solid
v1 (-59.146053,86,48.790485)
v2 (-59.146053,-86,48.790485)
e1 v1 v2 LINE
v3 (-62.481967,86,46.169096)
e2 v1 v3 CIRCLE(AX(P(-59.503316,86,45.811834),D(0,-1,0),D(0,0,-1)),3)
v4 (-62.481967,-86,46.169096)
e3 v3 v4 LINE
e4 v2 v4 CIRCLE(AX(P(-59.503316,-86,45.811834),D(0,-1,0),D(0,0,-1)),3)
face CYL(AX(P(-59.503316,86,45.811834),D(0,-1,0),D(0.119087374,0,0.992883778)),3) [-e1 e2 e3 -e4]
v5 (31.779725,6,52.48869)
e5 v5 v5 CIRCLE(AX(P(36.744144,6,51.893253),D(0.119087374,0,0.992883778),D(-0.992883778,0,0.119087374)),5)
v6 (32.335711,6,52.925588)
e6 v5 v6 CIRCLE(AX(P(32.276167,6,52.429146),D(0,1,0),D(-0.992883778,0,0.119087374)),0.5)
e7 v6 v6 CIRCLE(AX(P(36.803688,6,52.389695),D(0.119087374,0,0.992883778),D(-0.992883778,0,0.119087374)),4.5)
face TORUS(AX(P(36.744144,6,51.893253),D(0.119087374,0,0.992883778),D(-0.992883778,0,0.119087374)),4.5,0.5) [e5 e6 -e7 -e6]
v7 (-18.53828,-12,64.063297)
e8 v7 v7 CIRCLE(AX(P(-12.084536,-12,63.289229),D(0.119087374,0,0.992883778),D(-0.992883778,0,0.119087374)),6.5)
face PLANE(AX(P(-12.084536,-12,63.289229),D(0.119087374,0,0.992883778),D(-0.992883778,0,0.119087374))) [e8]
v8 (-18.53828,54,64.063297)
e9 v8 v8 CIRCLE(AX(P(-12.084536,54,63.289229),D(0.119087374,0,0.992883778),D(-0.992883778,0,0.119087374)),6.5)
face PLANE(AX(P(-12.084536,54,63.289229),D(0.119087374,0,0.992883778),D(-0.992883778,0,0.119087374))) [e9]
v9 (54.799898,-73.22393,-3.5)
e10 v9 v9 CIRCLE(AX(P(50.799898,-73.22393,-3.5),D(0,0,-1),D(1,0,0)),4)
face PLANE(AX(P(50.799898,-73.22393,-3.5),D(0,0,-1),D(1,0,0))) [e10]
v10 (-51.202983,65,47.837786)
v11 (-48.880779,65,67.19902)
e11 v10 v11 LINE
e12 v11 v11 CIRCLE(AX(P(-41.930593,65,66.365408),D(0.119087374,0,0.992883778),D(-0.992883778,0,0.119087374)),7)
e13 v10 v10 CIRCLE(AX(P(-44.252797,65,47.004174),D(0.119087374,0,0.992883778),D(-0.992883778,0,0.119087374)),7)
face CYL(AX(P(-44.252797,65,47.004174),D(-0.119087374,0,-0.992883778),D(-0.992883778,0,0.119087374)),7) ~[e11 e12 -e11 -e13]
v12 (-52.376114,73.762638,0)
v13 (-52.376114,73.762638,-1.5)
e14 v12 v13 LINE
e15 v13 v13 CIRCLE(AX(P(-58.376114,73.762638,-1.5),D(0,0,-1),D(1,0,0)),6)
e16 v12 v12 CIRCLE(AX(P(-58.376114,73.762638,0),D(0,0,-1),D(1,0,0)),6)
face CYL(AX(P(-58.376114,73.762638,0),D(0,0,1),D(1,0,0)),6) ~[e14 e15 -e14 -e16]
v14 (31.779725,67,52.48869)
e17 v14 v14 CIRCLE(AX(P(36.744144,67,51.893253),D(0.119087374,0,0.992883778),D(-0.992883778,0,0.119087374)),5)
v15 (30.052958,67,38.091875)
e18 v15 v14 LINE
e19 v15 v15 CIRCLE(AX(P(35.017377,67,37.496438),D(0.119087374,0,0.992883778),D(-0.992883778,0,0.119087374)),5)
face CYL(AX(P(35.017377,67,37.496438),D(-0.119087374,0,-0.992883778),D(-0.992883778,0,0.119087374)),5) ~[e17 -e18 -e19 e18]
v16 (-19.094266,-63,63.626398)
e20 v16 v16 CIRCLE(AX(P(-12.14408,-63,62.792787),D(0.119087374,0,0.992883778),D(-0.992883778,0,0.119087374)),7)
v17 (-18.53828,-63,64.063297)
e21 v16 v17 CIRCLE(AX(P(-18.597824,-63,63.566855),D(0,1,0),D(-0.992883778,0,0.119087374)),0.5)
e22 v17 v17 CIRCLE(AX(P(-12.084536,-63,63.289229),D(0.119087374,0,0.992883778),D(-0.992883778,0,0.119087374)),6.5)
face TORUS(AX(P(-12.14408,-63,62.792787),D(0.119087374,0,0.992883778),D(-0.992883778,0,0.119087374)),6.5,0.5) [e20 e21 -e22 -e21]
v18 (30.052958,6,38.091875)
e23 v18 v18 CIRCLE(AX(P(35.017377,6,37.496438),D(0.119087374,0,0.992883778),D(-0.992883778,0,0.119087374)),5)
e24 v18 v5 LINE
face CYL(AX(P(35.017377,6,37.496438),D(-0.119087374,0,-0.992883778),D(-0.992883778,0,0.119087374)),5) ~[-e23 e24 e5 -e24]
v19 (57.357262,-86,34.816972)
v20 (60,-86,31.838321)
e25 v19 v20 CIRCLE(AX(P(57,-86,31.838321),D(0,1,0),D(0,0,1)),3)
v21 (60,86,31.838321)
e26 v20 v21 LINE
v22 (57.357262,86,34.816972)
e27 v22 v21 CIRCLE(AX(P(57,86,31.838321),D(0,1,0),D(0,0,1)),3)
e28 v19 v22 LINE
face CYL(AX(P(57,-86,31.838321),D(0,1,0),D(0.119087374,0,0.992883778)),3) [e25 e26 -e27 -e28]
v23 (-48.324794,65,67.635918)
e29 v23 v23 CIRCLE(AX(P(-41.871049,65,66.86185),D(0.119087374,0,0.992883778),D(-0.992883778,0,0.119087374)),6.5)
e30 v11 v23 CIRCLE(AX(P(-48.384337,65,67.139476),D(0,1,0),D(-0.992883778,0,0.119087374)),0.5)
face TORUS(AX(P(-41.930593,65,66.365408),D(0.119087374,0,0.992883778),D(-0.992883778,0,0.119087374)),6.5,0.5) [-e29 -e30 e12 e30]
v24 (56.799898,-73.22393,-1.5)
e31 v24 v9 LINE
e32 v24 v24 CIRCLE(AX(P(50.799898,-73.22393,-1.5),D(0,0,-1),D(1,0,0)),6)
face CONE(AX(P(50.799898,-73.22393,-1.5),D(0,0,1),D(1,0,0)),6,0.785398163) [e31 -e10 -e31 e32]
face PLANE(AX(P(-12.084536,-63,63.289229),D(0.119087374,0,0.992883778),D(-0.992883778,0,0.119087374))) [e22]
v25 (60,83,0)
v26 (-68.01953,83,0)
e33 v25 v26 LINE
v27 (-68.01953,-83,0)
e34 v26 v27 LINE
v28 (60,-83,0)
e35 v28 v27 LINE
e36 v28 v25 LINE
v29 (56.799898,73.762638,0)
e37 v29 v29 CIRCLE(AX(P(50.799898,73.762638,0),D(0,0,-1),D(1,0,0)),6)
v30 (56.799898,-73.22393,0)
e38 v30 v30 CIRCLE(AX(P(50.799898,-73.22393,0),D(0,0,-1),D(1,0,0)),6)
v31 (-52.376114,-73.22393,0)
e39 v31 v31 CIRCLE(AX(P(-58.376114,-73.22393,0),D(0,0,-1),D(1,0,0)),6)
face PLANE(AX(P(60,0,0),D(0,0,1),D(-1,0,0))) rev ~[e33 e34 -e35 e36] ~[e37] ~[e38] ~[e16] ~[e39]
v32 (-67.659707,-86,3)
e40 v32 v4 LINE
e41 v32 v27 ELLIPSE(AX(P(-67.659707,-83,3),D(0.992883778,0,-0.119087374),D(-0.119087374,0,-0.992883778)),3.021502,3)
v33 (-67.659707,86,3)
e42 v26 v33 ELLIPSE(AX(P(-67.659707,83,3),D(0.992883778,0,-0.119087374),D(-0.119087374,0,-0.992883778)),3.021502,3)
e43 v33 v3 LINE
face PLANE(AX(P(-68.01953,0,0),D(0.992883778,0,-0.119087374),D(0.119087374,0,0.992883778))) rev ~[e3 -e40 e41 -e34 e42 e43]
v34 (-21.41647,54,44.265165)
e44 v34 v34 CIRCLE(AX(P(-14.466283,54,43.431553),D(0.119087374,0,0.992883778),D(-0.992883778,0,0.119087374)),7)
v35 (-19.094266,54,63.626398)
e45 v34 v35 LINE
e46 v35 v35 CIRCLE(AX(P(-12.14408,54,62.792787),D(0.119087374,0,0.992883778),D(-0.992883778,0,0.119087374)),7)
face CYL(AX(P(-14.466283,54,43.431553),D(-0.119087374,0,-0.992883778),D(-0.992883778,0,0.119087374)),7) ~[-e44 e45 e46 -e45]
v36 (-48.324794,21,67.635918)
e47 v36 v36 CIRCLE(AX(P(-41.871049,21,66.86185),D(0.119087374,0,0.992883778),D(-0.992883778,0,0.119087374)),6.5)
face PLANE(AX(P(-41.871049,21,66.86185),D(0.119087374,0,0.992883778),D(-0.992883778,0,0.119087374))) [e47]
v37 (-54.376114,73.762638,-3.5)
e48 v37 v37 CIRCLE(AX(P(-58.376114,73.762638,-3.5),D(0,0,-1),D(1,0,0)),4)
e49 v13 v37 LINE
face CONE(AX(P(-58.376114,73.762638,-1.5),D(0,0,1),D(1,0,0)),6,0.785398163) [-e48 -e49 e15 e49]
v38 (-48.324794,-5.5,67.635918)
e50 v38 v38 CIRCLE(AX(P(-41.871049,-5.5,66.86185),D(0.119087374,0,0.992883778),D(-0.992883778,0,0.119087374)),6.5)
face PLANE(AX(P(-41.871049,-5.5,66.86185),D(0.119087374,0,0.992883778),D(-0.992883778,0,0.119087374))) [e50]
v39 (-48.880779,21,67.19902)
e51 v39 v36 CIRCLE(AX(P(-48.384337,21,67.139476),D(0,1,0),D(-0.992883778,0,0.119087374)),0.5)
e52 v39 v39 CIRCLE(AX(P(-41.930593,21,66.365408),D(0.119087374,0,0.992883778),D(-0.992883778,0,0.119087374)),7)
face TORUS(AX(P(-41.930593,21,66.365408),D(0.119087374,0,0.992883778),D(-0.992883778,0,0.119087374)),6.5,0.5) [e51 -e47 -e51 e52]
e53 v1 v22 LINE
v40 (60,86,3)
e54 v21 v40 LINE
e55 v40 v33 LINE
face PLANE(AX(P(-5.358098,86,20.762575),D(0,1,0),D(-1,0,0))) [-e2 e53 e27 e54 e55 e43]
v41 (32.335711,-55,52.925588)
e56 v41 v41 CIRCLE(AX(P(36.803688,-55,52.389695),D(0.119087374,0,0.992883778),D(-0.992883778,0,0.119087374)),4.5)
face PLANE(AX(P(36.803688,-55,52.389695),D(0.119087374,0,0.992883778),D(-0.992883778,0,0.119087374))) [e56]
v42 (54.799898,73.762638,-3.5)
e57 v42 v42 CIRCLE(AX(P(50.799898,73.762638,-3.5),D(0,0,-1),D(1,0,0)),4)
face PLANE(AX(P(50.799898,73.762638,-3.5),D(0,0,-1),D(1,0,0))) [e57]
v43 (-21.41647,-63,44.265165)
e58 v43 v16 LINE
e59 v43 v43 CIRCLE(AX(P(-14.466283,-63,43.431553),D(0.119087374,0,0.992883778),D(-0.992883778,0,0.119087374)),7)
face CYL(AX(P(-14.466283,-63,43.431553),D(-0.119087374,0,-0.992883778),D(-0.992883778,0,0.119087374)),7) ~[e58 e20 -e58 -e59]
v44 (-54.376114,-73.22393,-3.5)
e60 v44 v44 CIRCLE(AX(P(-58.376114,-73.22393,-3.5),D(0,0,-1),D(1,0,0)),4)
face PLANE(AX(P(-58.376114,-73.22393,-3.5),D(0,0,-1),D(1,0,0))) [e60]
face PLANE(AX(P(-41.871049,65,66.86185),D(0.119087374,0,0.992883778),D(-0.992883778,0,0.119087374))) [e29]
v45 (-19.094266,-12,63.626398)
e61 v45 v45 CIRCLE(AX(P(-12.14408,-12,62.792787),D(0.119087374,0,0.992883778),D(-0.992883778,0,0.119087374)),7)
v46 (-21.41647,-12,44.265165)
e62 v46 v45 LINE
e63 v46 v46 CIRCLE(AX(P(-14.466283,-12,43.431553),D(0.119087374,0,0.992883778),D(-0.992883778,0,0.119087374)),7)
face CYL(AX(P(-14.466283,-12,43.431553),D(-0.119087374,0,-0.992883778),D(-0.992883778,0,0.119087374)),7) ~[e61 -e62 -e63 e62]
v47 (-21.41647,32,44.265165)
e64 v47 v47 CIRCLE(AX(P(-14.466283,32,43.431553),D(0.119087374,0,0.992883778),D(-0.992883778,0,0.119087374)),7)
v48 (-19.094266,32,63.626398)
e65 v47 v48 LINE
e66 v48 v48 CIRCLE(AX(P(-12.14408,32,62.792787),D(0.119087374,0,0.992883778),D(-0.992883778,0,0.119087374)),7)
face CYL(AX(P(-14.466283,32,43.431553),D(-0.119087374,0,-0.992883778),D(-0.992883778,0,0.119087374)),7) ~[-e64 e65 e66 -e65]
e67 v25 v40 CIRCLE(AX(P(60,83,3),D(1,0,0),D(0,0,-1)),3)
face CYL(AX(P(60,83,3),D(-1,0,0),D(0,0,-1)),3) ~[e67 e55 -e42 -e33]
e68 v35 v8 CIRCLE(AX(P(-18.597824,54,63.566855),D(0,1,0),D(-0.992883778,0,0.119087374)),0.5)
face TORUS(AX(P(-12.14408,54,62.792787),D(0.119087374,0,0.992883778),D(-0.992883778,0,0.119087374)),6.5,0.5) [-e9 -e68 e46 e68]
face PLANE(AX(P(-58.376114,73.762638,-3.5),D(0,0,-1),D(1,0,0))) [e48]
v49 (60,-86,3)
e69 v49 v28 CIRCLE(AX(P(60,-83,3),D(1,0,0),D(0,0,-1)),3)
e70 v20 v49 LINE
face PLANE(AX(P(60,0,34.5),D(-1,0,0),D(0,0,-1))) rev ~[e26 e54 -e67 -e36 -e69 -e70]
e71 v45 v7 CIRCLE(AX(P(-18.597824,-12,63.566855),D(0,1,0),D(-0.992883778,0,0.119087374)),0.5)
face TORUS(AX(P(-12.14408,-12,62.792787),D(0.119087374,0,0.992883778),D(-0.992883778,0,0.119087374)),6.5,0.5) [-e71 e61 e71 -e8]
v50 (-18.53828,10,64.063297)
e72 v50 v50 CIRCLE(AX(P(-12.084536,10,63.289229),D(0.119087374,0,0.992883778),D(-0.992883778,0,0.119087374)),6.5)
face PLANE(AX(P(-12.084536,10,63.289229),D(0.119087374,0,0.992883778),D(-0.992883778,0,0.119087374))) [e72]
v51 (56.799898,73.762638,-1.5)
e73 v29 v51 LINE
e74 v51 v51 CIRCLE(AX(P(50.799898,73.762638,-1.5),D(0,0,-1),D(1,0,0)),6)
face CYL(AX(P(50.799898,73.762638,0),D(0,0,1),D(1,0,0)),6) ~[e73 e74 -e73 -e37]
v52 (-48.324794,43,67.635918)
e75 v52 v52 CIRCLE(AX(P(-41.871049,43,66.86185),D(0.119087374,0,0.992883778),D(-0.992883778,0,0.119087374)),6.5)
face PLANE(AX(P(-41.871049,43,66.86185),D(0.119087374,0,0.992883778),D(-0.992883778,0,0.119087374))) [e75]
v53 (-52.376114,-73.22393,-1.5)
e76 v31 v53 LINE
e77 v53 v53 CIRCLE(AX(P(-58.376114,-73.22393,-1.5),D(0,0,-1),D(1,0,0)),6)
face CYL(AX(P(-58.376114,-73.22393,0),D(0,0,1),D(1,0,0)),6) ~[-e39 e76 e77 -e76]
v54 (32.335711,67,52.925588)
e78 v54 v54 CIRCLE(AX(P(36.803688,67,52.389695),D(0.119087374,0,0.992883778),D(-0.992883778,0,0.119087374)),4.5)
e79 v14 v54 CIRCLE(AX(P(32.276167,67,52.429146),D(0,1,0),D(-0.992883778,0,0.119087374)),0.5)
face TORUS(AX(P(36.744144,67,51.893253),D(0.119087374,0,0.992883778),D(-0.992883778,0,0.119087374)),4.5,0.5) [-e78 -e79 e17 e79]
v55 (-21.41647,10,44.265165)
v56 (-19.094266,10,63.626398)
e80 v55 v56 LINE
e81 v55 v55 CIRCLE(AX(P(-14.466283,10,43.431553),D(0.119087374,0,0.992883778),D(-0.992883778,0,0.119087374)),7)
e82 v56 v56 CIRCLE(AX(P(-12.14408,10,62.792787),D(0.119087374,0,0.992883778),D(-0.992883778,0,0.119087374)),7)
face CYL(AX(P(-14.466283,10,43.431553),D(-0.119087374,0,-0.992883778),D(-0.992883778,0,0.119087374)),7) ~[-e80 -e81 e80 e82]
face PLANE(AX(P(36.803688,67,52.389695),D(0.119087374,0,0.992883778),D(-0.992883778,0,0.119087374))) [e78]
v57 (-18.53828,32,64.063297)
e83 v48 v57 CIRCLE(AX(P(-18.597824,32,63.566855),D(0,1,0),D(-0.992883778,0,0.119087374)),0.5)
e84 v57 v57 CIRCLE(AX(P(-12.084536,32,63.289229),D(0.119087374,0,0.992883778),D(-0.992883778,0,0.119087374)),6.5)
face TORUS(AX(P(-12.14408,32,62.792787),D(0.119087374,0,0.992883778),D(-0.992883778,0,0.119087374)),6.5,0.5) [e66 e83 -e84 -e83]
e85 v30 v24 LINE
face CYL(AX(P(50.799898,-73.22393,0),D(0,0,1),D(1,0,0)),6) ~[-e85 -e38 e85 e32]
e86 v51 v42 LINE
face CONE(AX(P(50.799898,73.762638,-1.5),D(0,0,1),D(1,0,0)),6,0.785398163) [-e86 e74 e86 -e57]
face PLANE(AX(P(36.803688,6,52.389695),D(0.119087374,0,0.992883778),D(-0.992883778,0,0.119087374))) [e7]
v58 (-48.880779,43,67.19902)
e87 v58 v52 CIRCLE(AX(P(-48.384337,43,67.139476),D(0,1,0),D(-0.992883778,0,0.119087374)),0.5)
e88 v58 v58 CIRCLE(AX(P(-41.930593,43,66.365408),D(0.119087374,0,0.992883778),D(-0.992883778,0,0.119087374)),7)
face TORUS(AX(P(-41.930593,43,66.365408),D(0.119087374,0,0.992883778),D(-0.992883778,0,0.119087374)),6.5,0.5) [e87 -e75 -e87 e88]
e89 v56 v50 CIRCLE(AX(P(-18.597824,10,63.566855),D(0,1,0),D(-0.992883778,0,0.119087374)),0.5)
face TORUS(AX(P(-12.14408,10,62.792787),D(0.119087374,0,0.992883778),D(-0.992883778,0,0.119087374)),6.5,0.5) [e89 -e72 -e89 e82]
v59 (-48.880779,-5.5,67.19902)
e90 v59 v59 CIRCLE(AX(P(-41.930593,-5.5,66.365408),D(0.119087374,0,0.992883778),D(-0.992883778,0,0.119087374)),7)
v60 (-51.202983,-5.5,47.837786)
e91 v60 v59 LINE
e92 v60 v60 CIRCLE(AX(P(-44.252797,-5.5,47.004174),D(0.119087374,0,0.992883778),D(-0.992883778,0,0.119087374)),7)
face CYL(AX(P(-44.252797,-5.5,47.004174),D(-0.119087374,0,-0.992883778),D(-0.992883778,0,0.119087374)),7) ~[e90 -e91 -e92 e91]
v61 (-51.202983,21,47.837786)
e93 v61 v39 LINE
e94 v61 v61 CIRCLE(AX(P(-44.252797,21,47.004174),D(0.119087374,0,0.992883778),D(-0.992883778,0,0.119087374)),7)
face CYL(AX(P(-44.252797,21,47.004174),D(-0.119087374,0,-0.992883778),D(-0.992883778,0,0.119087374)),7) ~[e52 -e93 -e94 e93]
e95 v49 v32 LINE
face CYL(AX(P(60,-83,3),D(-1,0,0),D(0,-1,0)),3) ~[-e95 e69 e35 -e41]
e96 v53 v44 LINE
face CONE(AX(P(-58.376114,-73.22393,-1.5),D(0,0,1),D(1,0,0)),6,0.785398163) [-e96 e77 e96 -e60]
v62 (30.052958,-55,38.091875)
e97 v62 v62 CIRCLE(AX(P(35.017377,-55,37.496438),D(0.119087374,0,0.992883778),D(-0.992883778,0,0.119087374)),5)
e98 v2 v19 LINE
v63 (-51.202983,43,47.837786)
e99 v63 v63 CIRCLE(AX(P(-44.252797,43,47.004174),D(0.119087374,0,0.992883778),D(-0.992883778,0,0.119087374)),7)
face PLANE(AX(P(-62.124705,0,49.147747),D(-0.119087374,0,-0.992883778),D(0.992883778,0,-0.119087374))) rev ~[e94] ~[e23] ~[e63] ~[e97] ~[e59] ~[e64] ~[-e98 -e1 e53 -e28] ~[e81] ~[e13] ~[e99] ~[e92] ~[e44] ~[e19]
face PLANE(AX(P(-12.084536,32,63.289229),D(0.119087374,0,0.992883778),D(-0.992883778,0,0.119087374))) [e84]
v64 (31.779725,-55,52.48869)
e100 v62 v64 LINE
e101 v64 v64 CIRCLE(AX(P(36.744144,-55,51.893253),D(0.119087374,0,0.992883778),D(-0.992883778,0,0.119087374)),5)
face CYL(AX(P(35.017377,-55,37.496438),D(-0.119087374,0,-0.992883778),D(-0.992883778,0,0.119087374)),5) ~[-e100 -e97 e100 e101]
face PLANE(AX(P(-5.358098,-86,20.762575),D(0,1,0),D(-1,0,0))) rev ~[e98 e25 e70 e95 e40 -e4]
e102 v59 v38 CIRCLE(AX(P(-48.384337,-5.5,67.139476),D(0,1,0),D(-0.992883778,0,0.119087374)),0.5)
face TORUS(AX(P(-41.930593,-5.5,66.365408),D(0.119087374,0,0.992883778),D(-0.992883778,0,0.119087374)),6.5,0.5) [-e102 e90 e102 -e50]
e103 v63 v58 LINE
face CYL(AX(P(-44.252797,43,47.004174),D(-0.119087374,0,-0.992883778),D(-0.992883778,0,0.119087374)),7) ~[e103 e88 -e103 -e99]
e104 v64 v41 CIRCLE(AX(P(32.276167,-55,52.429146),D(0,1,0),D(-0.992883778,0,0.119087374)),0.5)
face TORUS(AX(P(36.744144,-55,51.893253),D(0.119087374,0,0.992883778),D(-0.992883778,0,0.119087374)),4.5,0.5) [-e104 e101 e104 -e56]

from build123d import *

# Parameters (mm, degrees)
PAD_DEPTH    = 86
FILLET_R     = 3
SKETCH001_R  = 6
PAD001_DEPTH = 3.5
CHAMFER_SIZE = 2
SKETCH002_R  = 7
PAD002_DEPTH = 20
SKETCH003_R  = 5
PAD003_DEPTH = 15
FILLET001_R  = 0.5


with BuildPart() as part:
    # Sketch → Pad (new body, symmetric)
    with BuildSketch(Plane.XZ):
        Polygon((-62.1247047366, 49.1477470281), (60, 34.5), (60, 0), (-68.0195297601, 0), align=None)
    extrude(amount=PAD_DEPTH, both=True)

    # Fillet
    fillet_edges = [part.edges().sort_by_distance(p)[0] for p in [
        (60, 0, 34.5),
        (-62.124705, 0, 49.147747),
        (-4.009765, -86, 0),
        (-4.009765, 86, 0),
    ]]
    fillet(fillet_edges, radius=FILLET_R)

    # Sketch001 (on Face10 of Fillet) → Pad001 (join)
    with BuildSketch(Plane(origin=(0, 0, 0), x_dir=(1, 0, 0), z_dir=(0, 0, -1))):
        with Locations((-58.376114, 73.22393)):
            Circle(SKETCH001_R)
        with Locations((50.799898, 73.22393)):
            Circle(SKETCH001_R)
        with Locations((-58.376114, -73.762638)):
            Circle(SKETCH001_R)
        with Locations((50.799898, -73.762638)):
            Circle(SKETCH001_R)
    extrude(amount=PAD001_DEPTH)

    # Chamfer
    chamfer_edges = [part.edges().sort_by_distance(p)[0] for p in [
        (-64.376114, -73.22393, -3.5),
        (44.799898, -73.22393, -3.5),
        (44.799898, 73.762638, -3.5),
        (-64.376114, 73.762638, -3.5),
    ]]
    chamfer(chamfer_edges, length=CHAMFER_SIZE)

    # Sketch002 (on Face19 of Chamfer) → Pad002 (join)
    with BuildSketch(Plane(origin=(4.9301854729, 0, 41.1051231306), x_dir=(-0.9928837783, 0, 0.1190873742), z_dir=(0.1190873742, 0, 0.9928837783))):
        with Locations((49.5354877096, 5.5)):
            Circle(SKETCH002_R)
        with Locations((49.5354877096, -21)):
            Circle(SKETCH002_R)
        with Locations((49.5354877096, -43)):
            Circle(SKETCH002_R)
        with Locations((49.5354877096, -65)):
            Circle(SKETCH002_R)
        with Locations((19.5354877096, 12)):
            Circle(SKETCH002_R)
        with Locations((19.5354877096, -10)):
            Circle(SKETCH002_R)
        with Locations((19.5354877096, -32)):
            Circle(SKETCH002_R)
        with Locations((19.5354877096, -54)):
            Circle(SKETCH002_R)
        with Locations((19.5354877096, 63)):
            Circle(SKETCH002_R)
    extrude(amount=PAD002_DEPTH)

    # Sketch003 → Pad003 (join)
    with BuildSketch(Plane(origin=(4.9301854729, 0, 41.1051231306), x_dir=(-0.9928837783, 0, 0.1190873742), z_dir=(0.1190873742, 0, 0.9928837783))):
        with Locations((-30.3028333155, 55)):
            Circle(SKETCH003_R)
        with Locations((-30.3028333155, -6)):
            Circle(SKETCH003_R)
        with Locations((-30.3028333155, -67)):
            Circle(SKETCH003_R)
    extrude(amount=PAD003_DEPTH)

    # Fillet001
    fillet001_edges = [part.edges().sort_by_distance(p)[0] for p in [
        (-5.134349, -12, 62.455617),
        (-5.134349, -63, 62.455617),
        (-34.920863, -5.5, 66.028238),
        (-34.920863, 21, 66.028238),
        (-34.920863, 43, 66.028238),
        (-34.920863, 65, 66.028238),
        (-5.134349, 54, 62.455617),
        (-5.134349, 32, 62.455617),
        (-5.134349, 10, 62.455617),
        (41.768107, -55, 51.794258),
        (41.768107, 6, 51.794258),
        (41.768107, 67, 51.794258),
    ]]
    fillet(fillet001_edges, radius=FILLET001_R)


solid = part.part
